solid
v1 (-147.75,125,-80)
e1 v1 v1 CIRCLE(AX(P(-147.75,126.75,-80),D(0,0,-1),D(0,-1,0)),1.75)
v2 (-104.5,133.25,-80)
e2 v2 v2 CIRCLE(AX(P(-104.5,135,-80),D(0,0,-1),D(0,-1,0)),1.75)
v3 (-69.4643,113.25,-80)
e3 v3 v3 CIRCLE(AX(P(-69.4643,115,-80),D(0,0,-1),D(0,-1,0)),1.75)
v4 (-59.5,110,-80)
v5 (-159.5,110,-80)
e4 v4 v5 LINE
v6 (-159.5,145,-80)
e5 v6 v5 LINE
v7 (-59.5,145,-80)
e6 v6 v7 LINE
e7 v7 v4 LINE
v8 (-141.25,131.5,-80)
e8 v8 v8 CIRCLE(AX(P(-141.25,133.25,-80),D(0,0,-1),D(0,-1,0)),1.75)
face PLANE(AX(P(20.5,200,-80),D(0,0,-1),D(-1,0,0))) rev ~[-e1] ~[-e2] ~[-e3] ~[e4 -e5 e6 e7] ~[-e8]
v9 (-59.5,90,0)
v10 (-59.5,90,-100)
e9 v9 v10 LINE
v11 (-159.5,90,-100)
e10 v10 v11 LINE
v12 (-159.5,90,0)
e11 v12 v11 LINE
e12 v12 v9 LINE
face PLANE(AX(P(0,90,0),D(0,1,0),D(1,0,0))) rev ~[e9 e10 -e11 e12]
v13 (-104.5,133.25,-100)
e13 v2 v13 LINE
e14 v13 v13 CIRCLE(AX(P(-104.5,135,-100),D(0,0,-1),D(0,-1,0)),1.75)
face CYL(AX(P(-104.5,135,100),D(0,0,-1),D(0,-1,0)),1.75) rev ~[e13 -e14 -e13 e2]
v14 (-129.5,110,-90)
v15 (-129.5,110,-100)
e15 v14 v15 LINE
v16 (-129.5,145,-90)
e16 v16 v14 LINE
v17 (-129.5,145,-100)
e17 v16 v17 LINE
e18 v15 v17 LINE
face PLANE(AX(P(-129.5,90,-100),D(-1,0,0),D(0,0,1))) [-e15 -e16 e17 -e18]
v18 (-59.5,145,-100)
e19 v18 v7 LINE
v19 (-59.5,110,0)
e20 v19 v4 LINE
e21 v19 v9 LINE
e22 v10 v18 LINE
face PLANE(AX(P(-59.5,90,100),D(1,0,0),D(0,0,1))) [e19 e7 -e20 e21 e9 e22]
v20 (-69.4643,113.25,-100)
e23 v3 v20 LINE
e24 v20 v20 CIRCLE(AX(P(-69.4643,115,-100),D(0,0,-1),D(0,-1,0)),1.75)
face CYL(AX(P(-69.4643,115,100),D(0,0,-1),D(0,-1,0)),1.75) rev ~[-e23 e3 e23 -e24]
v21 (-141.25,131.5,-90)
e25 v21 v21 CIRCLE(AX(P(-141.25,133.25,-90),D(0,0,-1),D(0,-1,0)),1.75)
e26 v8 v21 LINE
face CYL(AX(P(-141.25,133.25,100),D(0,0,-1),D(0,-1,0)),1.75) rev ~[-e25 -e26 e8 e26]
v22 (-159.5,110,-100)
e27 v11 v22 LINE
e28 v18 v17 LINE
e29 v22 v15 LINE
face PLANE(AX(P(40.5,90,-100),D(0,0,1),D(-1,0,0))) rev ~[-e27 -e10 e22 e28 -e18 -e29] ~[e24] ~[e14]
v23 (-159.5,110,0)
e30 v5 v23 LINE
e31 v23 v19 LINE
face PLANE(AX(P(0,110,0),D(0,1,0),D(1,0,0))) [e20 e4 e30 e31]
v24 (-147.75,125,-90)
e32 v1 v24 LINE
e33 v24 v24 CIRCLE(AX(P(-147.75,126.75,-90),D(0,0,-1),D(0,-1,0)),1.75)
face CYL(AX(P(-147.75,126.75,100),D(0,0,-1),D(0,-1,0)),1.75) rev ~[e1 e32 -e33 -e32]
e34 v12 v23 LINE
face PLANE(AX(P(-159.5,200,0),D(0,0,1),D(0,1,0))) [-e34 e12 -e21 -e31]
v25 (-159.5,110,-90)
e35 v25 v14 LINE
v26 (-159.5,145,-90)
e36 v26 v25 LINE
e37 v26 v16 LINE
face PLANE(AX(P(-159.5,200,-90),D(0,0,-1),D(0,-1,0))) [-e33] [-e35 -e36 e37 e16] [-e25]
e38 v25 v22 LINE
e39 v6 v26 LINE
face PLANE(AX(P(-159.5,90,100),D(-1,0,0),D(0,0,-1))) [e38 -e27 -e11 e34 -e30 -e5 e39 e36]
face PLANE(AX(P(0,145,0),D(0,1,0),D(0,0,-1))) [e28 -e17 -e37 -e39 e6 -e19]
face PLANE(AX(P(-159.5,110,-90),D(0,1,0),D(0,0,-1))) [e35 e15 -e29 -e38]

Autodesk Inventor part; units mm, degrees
ref_plane "YZ Plane" through (0, 0, 0) normal (1, 0, 0) x (0, 1, 0)
ref_plane "XZ Plane" through (0, 0, 0) normal (0, 1, 0) x (-1, 0, 0)
ref_plane "XY Plane" through (0, 0, 0) normal (0, 0, 1) x (1, 0, 0)
sketch "Boceto2" plane through (0, 0, 0) normal (0, 1, 0) x (-1, 0, 0)
  line L0 (7.5, 100) -> (-7.5, 100)
  line L1 (-7.5, 100) -> (-7.5, -100)
  line L2 (-7.5, -100) -> (7.5, -100)
  line L3 (7.5, -100) -> (7.5, 100)
  line L4 (7.5, 100) -> (-7.5, -100) construction
  line L5 (-7.5, 100) -> (7.5, -100) construction
  point P0 (0, 0)
  dimension "d7" = 15
  dimension "d8" = 200
extrude "Extrusión1" add sketch "Boceto2" along normal blind 10
sketch "Boceto3" plane through (0, 10, 0) normal (0, 1, 0) x (1, 0, 0)
  line L0 (5, 60) -> (-5, 60)
  line L1 (-5, 60) -> (-5, 70)
  line L2 (-5, 70) -> (5, 70)
  line L3 (5, 70) -> (5, 60)
  line L4 (5, 60) -> (-5, 70) construction
  line L5 (7.5, 100) -> (-7.5, 100) projected
  line L6 (0, 64.5148) -> (0, 61.9205)
  circle A0 centre (3.25, 61.75) radius 1.75
  circle A1 centre (-3.25, 68.25) radius 1.75
  line L7 (-7.5, 100) -> (-7.5, -100) projected
  line L8 (-7.5, 0) -> (0, 0)
  line L9 (5, -70) -> (5, -60)
  line L10 (-5, -70) -> (5, -70)
  line L11 (5, -60) -> (-5, -60)
  line L12 (-5, -60) -> (-5, -70)
  line L13 (5, -60) -> (-5, -70) construction
  line L14 (0, -64.5148) -> (0, -61.9205)
  circle A2 centre (-3.25, -68.25) radius 1.75
  circle A3 centre (3.25, -61.75) radius 1.75
  point P0 (3.25, 68.25)
  point P1 (-5, 65)
  point P2 (-3.25, 61.75)
  point P3 (0, 100)
  point P4 (3.25, -68.25)
  point P5 (-3.25, -61.75)
  point P6 (-5, -65)
  dimension "d12" = 1.75
  dimension "d13" = 1.75
  dimension "d14" = 1.75
  dimension "d15" = 1.75
  dimension "d16" = 10
  dimension "d17" = 10
  dimension "d19" = 30
  dimension "d67" = 31.75
hole "Agujero1" at (3.25, 10, -61.75) at (-3.25, 10, -68.25) at (-3.25, 10, 68.25) at (3.25, 10, 61.75) direction (0, -1, 0) diameter 3.5 end through all
sketch "Boceto4" plane through (0, 10, 0) normal (0, 1, 0) x (1, 0, 0)
  line L0 (-7.5, 100) -> (-7.5, -100) projected
  line L1 (-7.5, -100) -> (7.5, -100)
  line L2 (7.5, -100) -> (7.5, -80)
  line L3 (7.5, -80) -> (-7.5, -80)
  line L4 (-7.5, -80) -> (-7.5, -100)
  line L5 (-7.5, 0) -> (1.0116, 0)
  line L6 (-7.5, -100) -> (-7.5, 100)
  line L7 (-7.5, 100) -> (7.5, 100)
  line L8 (7.5, 100) -> (7.5, 80)
  line L9 (7.5, 80) -> (-7.5, 80)
  line L10 (-7.5, 80) -> (-7.5, 100)
  point P0 (0, 0)
  point P1 (-7.5, -80)
  point P2 (-7.5, 80)
  dimension "d27" = 15
  dimension "d28" = 20
extrude "Extrusión2" add sketch "Boceto4" along normal blind 80
sketch "Boceto5" plane through (0, 90, 0) normal (0, 1, 0) x (1, 0, 0)
  line L0 (-7.5, -100) -> (7.5, -100) projected
  line L1 (-7.5, -100) -> (40.5, -100)
  line L2 (40.5, -100) -> (40.5, 100)
  line L3 (40.5, 100) -> (-7.5, 100)
  line L4 (-7.5, 100) -> (-7.5, -100)
  line L5 (40.5, -100) -> (-159.5, -100)
  line L6 (-159.5, -100) -> (-159.5, 100)
  line L7 (-159.5, 100) -> (40.5, 100)
  line L8 (40.5, 100) -> (40.5, -100)
  point P0 (0, 0)
  point P1 (-7.5, 100)
  dimension "d31" = 48
  dimension "d32" = 200
  dimension "d74" = 200
extrude "Extrusión3" add sketch "Boceto5" along normal blind 110
sketch "Boceto6" plane through (0, 200, 0) normal (0, 1, 0) x (1, 0, 0)
  line L0 (40.5, 100) -> (7.5, 100) projected
  line L1 (40.5, 100) -> (20.5, 100)
  line L2 (20.5, 100) -> (20.5, 80)
  line L3 (7.5, -100) -> (40.5, -100) projected
  line L4 (24, -100) -> (24, -80)
  line L5 (-159.5, 100) -> (-159.5, -100) projected
  line L6 (20.5, 80) -> (-159.5, 80)
  line L7 (-159.5, 80) -> (-159.5, -80)
  line L8 (-159.5, -80) -> (20.5, -80)
  line L9 (20.5, -80) -> (20.5, 80)
  line L10 (-159.5, -100) -> (40.5, -100) projected
  point P0 (7.5, 80)
  point P1 (-159.5, 80)
  dimension "d36" = 20
  dimension "d37" = 20
  dimension "d38" = 20
  dimension "d78" = 20
extrude "Extrusión4" cut sketch "Boceto6" against normal blind 90
sketch "Boceto7" plane through (-159.5, 90, -100) normal (-1, 0, 0) x (0, 0, 1)
  line L0 (0, 110) -> (20, 110) projected
  line L1 (20, 110) -> (10, 110)
  line L2 (10, 110) -> (10, 20)
  line L3 (10, 20) -> (20, 20)
  line L4 (20, 20) -> (20, 110)
  line L5 (180, 110) -> (180, 20) projected
  line L6 (180, 110) -> (190, 110)
  line L7 (190, 110) -> (190, 20)
  line L8 (190, 20) -> (180, 20)
  line L9 (180, 20) -> (180, 110)
  line L10 (200, 0) -> (200, 110) projected
  line L11 (0, 0) -> (0, 110) projected
  line L12 (0, 110) -> (10, 110)
  line L13 (10, 110) -> (10, 20)
  line L14 (10, 20) -> (0, 20)
  line L15 (0, 20) -> (0, 110)
  line L16 (200, 110) -> (0, 110) projected
  line L17 (200, 110) -> (190, 110)
  line L18 (190, 110) -> (190, 20)
  line L19 (190, 20) -> (200, 20)
  line L20 (200, 20) -> (200, 110)
  point P0 (100, -90)
  point P1 (200, 20)
  dimension "d42" = 10
  dimension "d63" = 10
  dimension "d65" = 10
extrude "Extrusión5" cut sketch "Boceto7" against normal blind 30 contours L0 L2 L14 L11 | L16 L10 L19 L7
sketch "Boceto8" plane through (-7.5, 0, 100) normal (0, 0, 1) x (1, 0, 0)
  line L0 (-122, 200) -> (-122, 110) projected
  line L1 (-132, 175) -> (-142, 175)
  line L2 (-142, 175) -> (-142, 185)
  line L3 (-142, 185) -> (-132, 185)
  line L4 (-132, 185) -> (-132, 175)
  line L5 (-132, 175) -> (-142, 185) construction
  line L6 (-142, 175) -> (-132, 185) construction
  line L7 (-152, 200) -> (48, 200) projected
  line L8 (-113, 155) -> (-128, 155)
  line L9 (-152, 110) -> (-122, 110) projected
  line L10 (-132, 180) -> (-131.5898, 180)
  circle A0 centre (-140.25, 183.25) radius 1.75
  circle A1 centre (-133.75, 176.75) radius 1.75
  line L11 (-132, 125) -> (-132, 135)
  line L12 (-142, 125) -> (-132, 125)
  line L13 (-132, 135) -> (-142, 125) construction
  line L14 (-132, 135) -> (-142, 135)
  line L15 (-142, 135) -> (-132, 125) construction
  line L16 (-142, 135) -> (-142, 125)
  line L17 (-132, 130) -> (-131.5898, 130)
  circle A2 centre (-133.75, 133.25) radius 1.75
  circle A3 centre (-140.25, 126.75) radius 1.75
  line L18 (-152, 110) -> (-152, 200) projected
  point P0 (7.5, 0)
  point P1 (-113, 215)
  point P2 (-133.75, 183.25)
  point P3 (-142, 180)
  point P4 (-140.25, 176.75)
  point P5 (48, 200)
  point P6 (-133.75, 126.75)
  point P7 (-140.25, 133.25)
  point P8 (-143, 115)
  point P9 (-133.75, 126.75)
  point P10 (-140.25, 133.25)
  point P11 (-142, 130)
  dimension "d46" = 1.75
  dimension "d47" = 1.75
  dimension "d48" = 1.75
  dimension "d49" = 1.75
  dimension "d50" = 10
  dimension "d51" = 10
  dimension "d52" = 15
  dimension "d66" = 10
  dimension "d70" = 15
hole "Agujero2" at (-147.75, 183.25, 100) at (-141.25, 176.75, 100) at (-147.75, 126.75, 100) at (-141.25, 133.25, 100) direction (0, 0, -1) diameter 3.5 end through all
ref_plane "Plano de trabajo1" through (-159.5, 90, 100) normal (0, -1, 0) x (1, 0, 0)
split "Dividir1" plane through (-159.5, 90, 100) removes the side toward (0, -1, 0)
ref_plane "Plano de trabajo2" through (-159.5, 200, 0) normal (0, 0, 1) x (1, 0, 0)
ref_plane "Plano de trabajo3" through (-59.5, 90, 100) normal (1, 0, 0) x (0, 0, -1)
sketch "Boceto9" plane through (-159.5, 90, 100) normal (0, 0, 1) x (1, 0, 0)
  line L0 (85.0357, 30) -> (115.0357, 30)
  circle A0 centre (110.0357, 25) radius 1.75
  line L1 (90.0357, 25) -> (110.0357, 25)
  line L2 (115.0357, 30) -> (115.0357, 20)
  circle A1 centre (90.0357, 25) radius 1.75
  line L3 (85.0357, 20) -> (115.0357, 30) construction
  line L4 (85.0357, 30) -> (115.0357, 20) construction
  line L5 (85.0357, 20) -> (85.0357, 30)
  line L6 (115.0357, 20) -> (85.0357, 20)
  line L7 (240, 0) -> (-40, 0) projected
  line L8 (200, 0) -> (200, 110) projected
  line L9 (200, 55) -> (88.2857, 55)
  line L10 (85.0357, 80) -> (115.0357, 80)
  circle A2 centre (110.0357, 85) radius 1.75
  line L11 (90.0357, 85) -> (110.0357, 85)
  line L12 (115.0357, 80) -> (115.0357, 90)
  circle A3 centre (90.0357, 85) radius 1.75
  line L13 (85.0357, 90) -> (115.0357, 80) construction
  line L14 (85.0357, 80) -> (115.0357, 90) construction
  line L15 (85.0357, 90) -> (85.0357, 80)
  line L16 (115.0357, 90) -> (85.0357, 90)
  line L17 (100.0357, 55) -> (185.099, 55) construction
  line L18 (160, 70) -> (160, 40)
  circle A4 centre (165, 45) radius 1.75
  line L19 (165, 65) -> (165, 45)
  line L20 (160, 40) -> (170, 40)
  circle A5 centre (165, 65) radius 1.75
  line L21 (170, 70) -> (160, 40) construction
  line L22 (160, 70) -> (170, 40) construction
  line L23 (170, 70) -> (160, 70)
  line L24 (170, 40) -> (170, 70)
  circle A6 centre (55, 65) radius 1.75
  line L25 (60, 70) -> (60, 40)
  line L26 (60, 70) -> (50, 40) construction
  line L27 (50, 70) -> (60, 70)
  line L28 (50, 40) -> (50, 70)
  line L29 (50, 70) -> (60, 40) construction
  circle A7 centre (55, 45) radius 1.75
  line L30 (55, 65) -> (55, 45)
  line L31 (60, 40) -> (50, 40)
  line L32 (30, 110) -> (30, 20) projected
  point P0 (159.5, -90)
  point P1 (100.0357, 34.7141)
  point P2 (85.0357, 36.6749)
  point P3 (100.0357, 34.7141)
  point P4 (115.0357, 25)
  point P5 (115.0357, 85)
  point P6 (189.1833, 40)
  point P7 (165, 70)
  point P8 (70.0357, 40)
  point P9 (55, 70)
  dimension "d83" = 10
  dimension "d84" = 30
  dimension "d85" = 5
  dimension "d86" = 5
  dimension "d87" = 5
  dimension "d88" = 5
  dimension "d89" = 20
  dimension "d91" = 30
  dimension "d92" = 5
  dimension "d93" = 5
  dimension "d94" = 3.5
  dimension "d95" = 5
  dimension "d96" = 5
  dimension "d97" = 5
  dimension "d98" = 5
  dimension "d99" = 5
  dimension "d100" = 20
ref_plane "Plano de trabajo4" through (0, 145, 0) normal (0, 1, 0) x (1, 0, 0)
hole "Agujero3" at (-104.5, 155, 100) at (-69.4643, 175, 100) at (-49.4643, 175, 100) at (-104.5, 135, 100) at (-69.4643, 115, 100) at (-49.4643, 115, 100) at (5.5, 135, 100) at (5.5, 155, 100) direction (0, 0, -1) diameter 3.5 end through all
sketch "Boceto10" plane through (40.5, 90, 100) normal (1, 0, 0) x (0, 0, -1)
  line L0 (85.0357, 30) -> (115.0357, 30)
  circle A0 centre (110.0357, 25) radius 1.75
  line L1 (90.0357, 25) -> (110.0357, 25)
  line L2 (115.0357, 30) -> (115.0357, 20)
  circle A1 centre (90.0357, 25) radius 1.75
  line L3 (85.0357, 20) -> (115.0357, 30) construction
  line L4 (85.0357, 30) -> (115.0357, 20) construction
  line L5 (85.0357, 20) -> (85.0357, 30)
  line L6 (115.0357, 20) -> (85.0357, 20)
  circle A2 centre (90.0357, 85) radius 1.75
  line L7 (85.0357, 80) -> (115.0357, 80)
  line L8 (85.0357, 80) -> (115.0357, 90) construction
  line L9 (85.0357, 90) -> (85.0357, 80)
  line L10 (115.0357, 90) -> (85.0357, 90)
  line L11 (85.0357, 90) -> (115.0357, 80) construction
  circle A3 centre (110.0357, 85) radius 1.75
  line L12 (90.0357, 85) -> (110.0357, 85)
  line L13 (115.0357, 80) -> (115.0357, 90)
  line L14 (160, 70) -> (160, 40)
  circle A4 centre (165, 45) radius 1.75
  line L15 (170, 40) -> (170, 70)
  line L16 (170, 70) -> (160, 40) construction
  line L17 (160, 40) -> (170, 40)
  line L18 (160, 70) -> (170, 40) construction
  circle A5 centre (165, 65) radius 1.75
  line L19 (165, 65) -> (165, 45)
  line L20 (170, 70) -> (160, 70)
  circle A6 centre (35, 65) radius 1.75
  line L21 (40, 70) -> (40, 40)
  line L22 (40, 40) -> (30, 40)
  circle A7 centre (35, 45) radius 1.75
  line L23 (35, 65) -> (35, 45)
  line L24 (40, 70) -> (30, 40) construction
  line L25 (30, 40) -> (30, 70)
  line L26 (30, 70) -> (40, 40) construction
  line L27 (30, 70) -> (40, 70)
  line L28 (0, 0) -> (0, 110) projected
  line L29 (200, 0) -> (200, 110) projected
  point P0 (100, -90)
  point P1 (100.0357, 34.7141)
  point P2 (100.0357, 34.7141)
  point P3 (85.0357, 36.6749)
  point P4 (115.0357, 25)
  point P5 (88.2857, 55)
  point P6 (115.0357, 85)
  point P7 (100.0357, 55)
  point P8 (189.1833, 40)
  point P9 (165, 70)
  point P10 (70.0357, 40)
  point P11 (35, 70)
  dimension "d108" = 10
  dimension "d109" = 30
  dimension "d110" = 5
  dimension "d111" = 5
  dimension "d112" = 5
  dimension "d113" = 5
  dimension "d114" = 5
  dimension "d115" = 5
  dimension "d116" = 3.5
  dimension "d117" = 5
  dimension "d118" = 5
  dimension "d119" = 5
  dimension "d120" = 5
  dimension "d121" = 5
  dimension "d122" = 30
  dimension "d123" = 30
hole "Agujero4" at (40.5, 175, 9.9643) at (40.5, 175, -10.0357) at (40.5, 155, 65) at (40.5, 135, 65) at (40.5, 115, 9.9643) at (40.5, 115, -10.0357) at (40.5, 135, -65) at (40.5, 155, -65) direction (-1, 0, 0) diameter 3.5 end through all
split "Dividir2" plane through (-59.5, 90, 100) removes the side toward (1, 0, 0)
split "Dividir3" plane through (0, 145, 0) removes the side toward (0, 1, 0)
split "Dividir4" plane through (-159.5, 200, 0) removes the side toward (0, 0, 1)
properties part number "container_back_head_3"
